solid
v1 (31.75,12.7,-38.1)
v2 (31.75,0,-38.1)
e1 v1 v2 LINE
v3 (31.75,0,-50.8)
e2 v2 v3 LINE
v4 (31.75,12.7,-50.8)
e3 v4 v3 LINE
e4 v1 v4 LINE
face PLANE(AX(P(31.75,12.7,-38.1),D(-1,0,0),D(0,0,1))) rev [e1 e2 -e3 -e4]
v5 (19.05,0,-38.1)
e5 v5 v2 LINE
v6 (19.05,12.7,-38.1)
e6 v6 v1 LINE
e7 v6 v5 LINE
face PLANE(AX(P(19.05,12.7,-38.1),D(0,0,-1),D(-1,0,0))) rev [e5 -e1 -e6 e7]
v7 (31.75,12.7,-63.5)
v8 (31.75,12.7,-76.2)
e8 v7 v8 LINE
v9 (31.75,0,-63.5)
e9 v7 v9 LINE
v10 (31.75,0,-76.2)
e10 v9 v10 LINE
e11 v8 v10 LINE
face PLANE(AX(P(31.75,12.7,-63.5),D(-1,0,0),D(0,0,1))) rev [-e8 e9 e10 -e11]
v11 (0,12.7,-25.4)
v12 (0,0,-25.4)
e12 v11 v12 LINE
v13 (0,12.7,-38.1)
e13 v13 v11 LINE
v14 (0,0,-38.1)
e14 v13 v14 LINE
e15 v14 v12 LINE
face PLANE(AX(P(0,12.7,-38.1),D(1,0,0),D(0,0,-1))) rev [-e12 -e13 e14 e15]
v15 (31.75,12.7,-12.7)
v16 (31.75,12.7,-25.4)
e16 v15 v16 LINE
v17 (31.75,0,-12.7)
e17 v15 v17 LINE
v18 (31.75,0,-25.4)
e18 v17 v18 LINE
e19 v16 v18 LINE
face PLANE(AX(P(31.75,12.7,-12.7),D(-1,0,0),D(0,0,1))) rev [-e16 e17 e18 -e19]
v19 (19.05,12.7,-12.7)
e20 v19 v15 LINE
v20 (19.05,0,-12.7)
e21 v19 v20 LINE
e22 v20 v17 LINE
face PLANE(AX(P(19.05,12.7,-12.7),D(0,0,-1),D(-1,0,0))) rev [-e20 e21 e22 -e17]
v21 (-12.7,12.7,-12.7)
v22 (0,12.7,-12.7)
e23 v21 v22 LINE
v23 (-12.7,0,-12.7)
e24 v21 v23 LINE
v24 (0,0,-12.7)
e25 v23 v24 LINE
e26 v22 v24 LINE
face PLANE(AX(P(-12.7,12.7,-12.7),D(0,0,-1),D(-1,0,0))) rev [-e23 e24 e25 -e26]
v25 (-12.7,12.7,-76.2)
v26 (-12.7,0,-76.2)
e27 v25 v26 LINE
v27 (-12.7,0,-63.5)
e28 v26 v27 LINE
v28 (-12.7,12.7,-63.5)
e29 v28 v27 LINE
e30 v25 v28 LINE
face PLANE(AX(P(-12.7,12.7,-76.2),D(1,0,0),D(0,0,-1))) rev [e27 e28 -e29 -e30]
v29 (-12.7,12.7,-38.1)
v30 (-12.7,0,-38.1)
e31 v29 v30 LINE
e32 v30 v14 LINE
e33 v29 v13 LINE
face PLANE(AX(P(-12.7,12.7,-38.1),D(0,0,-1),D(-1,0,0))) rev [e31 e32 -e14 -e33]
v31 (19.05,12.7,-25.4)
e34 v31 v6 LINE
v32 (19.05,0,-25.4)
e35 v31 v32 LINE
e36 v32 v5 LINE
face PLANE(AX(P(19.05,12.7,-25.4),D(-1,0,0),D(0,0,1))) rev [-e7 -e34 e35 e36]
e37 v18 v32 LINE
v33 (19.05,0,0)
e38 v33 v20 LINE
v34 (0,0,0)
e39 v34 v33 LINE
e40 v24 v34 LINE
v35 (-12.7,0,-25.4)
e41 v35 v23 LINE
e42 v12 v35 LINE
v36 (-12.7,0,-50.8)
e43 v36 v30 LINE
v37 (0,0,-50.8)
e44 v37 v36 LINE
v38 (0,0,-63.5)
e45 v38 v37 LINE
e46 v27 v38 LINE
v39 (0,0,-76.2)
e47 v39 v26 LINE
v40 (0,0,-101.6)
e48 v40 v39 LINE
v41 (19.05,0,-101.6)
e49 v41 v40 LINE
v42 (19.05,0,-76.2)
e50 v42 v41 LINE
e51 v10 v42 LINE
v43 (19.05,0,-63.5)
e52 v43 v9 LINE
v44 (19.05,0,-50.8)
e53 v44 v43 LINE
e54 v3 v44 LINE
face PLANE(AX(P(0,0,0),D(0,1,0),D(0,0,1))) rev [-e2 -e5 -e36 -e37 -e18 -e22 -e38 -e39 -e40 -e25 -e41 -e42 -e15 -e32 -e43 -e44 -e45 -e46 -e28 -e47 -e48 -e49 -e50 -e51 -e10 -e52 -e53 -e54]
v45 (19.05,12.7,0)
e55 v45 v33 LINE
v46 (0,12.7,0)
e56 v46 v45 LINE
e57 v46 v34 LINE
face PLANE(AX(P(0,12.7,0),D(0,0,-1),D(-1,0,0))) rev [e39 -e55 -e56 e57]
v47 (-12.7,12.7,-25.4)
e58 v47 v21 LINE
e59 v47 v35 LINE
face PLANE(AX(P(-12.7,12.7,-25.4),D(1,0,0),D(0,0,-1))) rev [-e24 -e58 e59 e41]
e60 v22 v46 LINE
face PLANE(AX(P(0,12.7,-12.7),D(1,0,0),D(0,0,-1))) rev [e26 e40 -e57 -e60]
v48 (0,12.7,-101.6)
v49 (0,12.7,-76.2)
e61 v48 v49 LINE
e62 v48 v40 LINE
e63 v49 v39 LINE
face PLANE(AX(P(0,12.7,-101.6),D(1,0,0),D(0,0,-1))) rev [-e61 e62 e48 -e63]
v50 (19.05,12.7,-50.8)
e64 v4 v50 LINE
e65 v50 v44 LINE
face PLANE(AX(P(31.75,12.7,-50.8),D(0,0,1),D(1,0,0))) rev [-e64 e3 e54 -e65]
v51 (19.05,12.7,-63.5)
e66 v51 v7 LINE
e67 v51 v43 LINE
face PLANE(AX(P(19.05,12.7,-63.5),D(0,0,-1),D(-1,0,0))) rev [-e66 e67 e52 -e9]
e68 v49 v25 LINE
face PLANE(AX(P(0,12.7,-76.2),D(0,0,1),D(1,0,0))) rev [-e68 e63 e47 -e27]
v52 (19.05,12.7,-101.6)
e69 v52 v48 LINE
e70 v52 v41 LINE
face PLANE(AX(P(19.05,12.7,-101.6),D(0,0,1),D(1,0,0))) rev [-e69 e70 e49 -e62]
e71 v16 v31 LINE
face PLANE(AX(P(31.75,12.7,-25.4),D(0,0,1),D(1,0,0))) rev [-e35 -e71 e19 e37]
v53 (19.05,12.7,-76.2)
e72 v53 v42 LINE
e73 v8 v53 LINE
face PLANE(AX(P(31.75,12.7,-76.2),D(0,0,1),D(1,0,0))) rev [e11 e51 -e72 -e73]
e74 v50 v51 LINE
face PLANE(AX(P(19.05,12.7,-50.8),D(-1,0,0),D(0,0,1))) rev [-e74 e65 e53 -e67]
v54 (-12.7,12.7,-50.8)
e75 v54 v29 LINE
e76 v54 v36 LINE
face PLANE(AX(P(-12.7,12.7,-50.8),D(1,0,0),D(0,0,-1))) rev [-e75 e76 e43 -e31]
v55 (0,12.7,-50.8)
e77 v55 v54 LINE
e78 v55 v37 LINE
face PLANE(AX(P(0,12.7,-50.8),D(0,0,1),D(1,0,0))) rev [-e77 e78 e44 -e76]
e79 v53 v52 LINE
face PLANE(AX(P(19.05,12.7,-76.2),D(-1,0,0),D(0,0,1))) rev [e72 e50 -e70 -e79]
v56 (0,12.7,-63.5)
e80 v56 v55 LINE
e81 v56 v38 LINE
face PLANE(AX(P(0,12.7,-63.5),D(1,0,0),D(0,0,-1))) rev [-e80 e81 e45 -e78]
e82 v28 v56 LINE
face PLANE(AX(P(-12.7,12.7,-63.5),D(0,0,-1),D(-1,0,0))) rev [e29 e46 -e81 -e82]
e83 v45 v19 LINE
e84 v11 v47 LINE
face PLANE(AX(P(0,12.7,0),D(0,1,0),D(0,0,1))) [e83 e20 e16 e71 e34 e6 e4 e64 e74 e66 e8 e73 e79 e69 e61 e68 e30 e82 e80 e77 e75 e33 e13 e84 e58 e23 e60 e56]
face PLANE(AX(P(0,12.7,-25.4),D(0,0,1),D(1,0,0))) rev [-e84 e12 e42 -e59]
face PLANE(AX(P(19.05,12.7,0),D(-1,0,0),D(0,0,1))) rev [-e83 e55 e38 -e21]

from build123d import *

# Parameters (mm, degrees)
BOSS_EXTRUDE1_DEPTH = 12.7


with BuildPart() as part:
    # Sketch1 → Boss-Extrude1 (new body)
    with BuildSketch(Plane(origin=(0, 0, 0), x_dir=(1, 0, 0), z_dir=(0, 1, 0))):
        Polygon((0, 0), (19.05, 0), (19.05, 12.7), (31.75, 12.7), (31.75, 25.4), (19.05, 25.4), (19.05, 38.1), (31.75, 38.1), (31.75, 50.8), (19.05, 50.8), (19.05, 63.5), (31.75, 63.5), (31.75, 76.2), (19.05, 76.2), (19.05, 101.6), (0, 101.6), (0, 76.2), (-12.7, 76.2), (-12.7, 63.5), (0, 63.5), (0, 50.8), (-12.7, 50.8), (-12.7, 38.1), (0, 38.1), (0, 25.4), (-12.7, 25.4), (-12.7, 12.7), (0, 12.7), align=None)
    extrude(amount=BOSS_EXTRUDE1_DEPTH)


solid = part.part
